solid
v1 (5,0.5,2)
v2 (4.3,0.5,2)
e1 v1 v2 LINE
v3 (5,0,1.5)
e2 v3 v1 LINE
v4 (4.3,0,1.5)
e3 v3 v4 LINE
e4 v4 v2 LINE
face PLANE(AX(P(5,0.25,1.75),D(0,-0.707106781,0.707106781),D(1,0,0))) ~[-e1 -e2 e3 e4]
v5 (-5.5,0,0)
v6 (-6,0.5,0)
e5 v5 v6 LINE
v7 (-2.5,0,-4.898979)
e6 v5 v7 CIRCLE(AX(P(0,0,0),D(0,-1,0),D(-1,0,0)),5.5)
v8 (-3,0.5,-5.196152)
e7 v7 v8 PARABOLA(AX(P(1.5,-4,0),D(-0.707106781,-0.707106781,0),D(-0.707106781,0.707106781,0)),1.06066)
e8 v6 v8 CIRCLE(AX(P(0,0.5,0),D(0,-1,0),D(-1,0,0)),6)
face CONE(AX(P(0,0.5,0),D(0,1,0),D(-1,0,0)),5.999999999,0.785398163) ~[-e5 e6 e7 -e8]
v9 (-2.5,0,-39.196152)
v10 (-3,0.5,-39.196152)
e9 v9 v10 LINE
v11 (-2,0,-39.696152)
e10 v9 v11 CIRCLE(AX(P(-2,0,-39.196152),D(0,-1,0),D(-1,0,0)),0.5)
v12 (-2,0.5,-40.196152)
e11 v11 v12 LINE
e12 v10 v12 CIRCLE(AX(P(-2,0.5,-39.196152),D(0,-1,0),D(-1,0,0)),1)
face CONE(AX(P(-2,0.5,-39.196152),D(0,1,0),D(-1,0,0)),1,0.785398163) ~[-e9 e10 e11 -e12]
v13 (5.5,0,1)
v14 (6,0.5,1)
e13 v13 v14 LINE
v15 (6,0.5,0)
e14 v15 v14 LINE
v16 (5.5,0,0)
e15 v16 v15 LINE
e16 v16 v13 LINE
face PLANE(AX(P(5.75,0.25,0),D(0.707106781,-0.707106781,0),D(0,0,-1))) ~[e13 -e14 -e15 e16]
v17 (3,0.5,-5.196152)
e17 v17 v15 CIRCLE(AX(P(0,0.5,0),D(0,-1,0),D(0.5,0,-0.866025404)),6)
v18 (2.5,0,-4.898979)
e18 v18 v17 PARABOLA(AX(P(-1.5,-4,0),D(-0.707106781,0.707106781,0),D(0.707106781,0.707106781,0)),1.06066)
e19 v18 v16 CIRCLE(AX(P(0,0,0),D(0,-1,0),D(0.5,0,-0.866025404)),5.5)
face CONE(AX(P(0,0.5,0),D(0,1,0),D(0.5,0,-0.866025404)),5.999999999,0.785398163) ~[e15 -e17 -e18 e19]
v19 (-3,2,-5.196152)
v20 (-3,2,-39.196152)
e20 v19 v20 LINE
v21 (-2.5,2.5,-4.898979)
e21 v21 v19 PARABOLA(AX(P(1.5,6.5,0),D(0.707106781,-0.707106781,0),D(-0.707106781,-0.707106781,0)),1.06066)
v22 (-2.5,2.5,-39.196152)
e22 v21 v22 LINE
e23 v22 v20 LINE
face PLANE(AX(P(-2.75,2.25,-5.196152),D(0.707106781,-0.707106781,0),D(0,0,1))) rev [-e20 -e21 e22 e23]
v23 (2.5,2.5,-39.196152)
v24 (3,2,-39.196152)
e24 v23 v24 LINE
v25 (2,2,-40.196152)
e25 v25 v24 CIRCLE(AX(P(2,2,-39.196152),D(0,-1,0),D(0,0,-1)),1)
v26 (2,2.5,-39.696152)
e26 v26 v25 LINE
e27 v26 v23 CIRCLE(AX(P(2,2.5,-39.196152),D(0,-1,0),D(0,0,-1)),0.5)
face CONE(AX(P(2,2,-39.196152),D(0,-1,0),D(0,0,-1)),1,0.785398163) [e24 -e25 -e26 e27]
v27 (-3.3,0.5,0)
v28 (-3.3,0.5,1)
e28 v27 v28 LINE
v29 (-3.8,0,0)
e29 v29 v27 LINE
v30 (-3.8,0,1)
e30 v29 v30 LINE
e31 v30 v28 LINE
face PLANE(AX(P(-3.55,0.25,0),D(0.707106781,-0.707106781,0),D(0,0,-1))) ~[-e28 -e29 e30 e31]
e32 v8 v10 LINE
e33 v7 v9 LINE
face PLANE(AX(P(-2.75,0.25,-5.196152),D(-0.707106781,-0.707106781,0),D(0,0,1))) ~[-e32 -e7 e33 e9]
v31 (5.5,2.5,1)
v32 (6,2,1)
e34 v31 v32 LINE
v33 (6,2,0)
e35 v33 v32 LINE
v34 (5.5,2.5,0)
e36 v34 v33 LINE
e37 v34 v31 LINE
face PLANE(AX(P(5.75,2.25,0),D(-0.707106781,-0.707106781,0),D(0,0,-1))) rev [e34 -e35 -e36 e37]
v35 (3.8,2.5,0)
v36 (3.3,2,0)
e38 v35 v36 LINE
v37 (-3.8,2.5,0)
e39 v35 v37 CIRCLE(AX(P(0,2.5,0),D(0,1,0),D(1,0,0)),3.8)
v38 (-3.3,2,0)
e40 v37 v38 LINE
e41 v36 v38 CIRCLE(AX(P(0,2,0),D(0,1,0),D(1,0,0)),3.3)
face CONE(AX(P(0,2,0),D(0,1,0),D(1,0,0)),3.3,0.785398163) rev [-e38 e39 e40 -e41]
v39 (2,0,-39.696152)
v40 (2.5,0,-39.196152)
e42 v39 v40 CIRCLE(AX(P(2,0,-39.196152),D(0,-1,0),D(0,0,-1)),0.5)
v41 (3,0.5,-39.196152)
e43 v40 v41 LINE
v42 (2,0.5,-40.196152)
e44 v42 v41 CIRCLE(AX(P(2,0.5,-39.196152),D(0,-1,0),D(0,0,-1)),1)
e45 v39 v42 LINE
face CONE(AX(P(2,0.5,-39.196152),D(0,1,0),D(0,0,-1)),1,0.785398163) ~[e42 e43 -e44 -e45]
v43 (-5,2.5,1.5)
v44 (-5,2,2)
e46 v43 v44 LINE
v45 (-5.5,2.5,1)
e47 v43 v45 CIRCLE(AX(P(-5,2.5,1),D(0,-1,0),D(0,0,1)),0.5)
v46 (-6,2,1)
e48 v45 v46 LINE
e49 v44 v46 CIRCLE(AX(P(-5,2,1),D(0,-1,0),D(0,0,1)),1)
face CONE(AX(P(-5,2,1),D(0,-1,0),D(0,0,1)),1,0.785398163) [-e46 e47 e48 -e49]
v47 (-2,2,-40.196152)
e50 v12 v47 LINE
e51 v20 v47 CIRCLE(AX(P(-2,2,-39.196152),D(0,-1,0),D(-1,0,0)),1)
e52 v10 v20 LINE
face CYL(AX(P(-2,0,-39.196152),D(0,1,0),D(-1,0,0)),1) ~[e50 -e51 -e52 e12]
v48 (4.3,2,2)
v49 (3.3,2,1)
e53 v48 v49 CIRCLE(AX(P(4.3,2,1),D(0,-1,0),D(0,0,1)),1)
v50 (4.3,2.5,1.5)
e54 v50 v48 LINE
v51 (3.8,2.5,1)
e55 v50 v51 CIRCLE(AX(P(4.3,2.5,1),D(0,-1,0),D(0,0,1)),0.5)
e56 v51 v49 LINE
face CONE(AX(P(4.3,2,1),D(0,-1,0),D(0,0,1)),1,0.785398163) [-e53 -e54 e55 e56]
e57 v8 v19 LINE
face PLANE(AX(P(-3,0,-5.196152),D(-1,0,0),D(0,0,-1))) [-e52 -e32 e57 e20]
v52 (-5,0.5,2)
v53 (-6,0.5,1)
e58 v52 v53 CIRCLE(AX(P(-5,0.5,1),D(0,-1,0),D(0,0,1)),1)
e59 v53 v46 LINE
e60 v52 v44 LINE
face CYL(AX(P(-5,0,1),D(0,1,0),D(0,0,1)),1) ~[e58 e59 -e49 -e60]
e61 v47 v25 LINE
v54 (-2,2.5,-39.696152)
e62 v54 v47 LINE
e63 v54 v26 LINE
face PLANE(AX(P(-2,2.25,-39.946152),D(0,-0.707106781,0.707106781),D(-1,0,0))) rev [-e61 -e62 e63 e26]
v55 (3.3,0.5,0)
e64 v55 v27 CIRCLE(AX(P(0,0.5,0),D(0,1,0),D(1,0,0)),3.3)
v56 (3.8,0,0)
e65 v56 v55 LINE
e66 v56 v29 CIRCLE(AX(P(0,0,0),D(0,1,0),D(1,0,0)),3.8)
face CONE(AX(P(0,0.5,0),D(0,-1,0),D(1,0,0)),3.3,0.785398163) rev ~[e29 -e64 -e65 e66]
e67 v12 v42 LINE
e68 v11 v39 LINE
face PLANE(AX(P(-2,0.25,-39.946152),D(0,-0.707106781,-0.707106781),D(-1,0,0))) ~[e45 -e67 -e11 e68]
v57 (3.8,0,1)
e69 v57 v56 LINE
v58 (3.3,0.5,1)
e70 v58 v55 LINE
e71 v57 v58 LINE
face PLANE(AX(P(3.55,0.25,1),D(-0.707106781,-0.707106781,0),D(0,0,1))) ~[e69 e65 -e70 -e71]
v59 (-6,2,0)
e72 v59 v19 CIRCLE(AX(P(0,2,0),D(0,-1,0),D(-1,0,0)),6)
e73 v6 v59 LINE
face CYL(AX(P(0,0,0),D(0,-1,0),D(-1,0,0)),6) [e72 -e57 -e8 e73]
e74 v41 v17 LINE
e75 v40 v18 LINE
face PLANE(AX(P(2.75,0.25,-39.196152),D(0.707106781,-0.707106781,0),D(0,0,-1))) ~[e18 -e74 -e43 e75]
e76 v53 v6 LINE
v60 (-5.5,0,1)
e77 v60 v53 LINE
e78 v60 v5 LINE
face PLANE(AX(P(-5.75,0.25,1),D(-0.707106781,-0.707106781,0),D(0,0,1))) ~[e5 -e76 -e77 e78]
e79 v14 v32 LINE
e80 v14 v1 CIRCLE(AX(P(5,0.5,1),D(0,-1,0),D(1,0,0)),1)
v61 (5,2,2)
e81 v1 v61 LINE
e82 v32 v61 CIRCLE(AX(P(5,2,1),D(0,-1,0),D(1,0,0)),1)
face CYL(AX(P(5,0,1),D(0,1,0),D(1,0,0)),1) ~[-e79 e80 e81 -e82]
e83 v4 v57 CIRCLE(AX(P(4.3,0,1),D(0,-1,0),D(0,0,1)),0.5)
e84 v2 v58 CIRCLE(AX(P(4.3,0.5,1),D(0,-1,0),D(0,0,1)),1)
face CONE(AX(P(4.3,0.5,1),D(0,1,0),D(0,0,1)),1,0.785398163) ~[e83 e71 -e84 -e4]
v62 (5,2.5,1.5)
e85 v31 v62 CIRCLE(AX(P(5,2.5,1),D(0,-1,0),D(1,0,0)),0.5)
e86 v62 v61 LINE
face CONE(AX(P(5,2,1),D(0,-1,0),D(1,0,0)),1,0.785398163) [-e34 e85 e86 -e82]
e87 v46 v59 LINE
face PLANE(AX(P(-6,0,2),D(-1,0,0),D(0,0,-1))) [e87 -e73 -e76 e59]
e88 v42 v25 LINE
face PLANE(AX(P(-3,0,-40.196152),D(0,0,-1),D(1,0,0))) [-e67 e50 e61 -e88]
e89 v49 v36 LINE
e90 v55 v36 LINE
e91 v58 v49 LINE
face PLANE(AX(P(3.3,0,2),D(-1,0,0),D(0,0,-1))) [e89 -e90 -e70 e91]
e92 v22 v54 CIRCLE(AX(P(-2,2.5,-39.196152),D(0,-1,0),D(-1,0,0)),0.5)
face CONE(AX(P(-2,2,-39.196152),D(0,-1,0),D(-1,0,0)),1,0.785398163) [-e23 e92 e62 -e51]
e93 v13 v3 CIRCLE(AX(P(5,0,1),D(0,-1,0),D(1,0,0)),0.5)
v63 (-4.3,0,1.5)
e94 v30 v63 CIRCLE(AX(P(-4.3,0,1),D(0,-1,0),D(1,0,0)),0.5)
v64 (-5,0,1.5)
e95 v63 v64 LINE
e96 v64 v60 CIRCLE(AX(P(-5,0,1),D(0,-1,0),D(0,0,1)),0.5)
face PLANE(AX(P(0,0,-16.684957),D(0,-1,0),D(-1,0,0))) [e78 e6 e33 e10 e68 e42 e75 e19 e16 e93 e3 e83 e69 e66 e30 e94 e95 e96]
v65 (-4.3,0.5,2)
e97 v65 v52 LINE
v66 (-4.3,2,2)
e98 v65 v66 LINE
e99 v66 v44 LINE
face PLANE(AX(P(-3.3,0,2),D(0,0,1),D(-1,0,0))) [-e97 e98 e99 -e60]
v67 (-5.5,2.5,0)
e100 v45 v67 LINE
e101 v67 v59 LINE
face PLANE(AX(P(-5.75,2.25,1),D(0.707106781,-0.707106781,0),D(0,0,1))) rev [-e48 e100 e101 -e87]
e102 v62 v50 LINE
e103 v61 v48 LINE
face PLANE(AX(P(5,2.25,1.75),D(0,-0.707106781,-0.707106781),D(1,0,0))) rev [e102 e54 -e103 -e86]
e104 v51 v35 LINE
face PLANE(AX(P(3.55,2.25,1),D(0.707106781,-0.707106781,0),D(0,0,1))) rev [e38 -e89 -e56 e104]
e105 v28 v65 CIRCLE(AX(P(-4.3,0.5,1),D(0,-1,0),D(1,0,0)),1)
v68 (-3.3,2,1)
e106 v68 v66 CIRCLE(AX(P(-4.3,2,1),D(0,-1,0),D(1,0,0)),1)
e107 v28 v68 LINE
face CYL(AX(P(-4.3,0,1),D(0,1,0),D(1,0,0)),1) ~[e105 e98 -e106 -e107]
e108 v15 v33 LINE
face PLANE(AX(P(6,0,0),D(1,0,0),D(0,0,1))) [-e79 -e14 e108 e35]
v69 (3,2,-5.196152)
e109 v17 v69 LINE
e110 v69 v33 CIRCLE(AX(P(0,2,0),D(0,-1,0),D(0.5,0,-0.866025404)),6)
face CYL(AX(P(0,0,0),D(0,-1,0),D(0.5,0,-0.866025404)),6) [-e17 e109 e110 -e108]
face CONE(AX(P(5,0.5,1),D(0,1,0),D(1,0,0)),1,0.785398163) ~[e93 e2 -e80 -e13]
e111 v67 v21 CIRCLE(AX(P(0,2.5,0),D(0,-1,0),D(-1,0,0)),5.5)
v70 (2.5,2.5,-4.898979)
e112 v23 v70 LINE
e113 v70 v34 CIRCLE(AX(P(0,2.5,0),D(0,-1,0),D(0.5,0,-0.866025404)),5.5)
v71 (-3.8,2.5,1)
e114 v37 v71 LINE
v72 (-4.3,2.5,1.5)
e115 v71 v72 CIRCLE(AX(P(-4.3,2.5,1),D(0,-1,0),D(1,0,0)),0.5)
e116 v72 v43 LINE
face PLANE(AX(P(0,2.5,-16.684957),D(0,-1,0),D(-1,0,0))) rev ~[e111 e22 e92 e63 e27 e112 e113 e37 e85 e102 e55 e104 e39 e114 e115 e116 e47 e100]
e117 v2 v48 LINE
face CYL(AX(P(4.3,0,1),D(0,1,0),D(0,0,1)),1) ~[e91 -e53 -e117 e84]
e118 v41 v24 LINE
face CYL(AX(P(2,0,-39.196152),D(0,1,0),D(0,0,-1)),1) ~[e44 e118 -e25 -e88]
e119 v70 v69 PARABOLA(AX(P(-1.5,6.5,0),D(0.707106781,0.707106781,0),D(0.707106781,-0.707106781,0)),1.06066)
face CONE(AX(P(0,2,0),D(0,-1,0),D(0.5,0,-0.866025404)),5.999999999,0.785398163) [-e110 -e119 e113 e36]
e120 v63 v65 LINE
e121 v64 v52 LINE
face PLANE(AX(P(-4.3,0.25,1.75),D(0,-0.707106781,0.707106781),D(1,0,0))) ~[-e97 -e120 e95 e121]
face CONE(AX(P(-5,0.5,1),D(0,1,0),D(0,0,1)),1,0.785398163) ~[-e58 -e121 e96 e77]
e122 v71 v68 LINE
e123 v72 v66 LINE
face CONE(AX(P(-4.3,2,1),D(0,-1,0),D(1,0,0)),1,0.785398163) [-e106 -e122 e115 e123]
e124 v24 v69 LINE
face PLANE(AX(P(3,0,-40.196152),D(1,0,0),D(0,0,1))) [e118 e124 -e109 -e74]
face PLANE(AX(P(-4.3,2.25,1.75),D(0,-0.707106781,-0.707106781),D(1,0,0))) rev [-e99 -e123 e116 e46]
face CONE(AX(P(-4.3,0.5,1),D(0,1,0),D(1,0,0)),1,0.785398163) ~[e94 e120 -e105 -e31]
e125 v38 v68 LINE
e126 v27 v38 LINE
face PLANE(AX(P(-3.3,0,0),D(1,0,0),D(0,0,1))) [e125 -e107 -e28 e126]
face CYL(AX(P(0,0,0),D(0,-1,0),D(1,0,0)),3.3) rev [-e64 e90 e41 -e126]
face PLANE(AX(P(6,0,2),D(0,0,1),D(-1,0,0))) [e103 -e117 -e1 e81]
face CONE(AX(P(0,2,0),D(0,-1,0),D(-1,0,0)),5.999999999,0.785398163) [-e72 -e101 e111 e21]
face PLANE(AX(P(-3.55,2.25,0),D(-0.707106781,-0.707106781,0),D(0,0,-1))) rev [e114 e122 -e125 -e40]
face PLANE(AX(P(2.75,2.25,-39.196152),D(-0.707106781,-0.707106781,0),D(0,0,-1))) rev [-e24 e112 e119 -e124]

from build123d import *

# Parameters (mm, degrees)
BOSS_EXTRUDE1_DEPTH = 2.5
FILLET1_R           = 1
CHAMFER1_SIZE       = 0.5


with BuildPart() as part:
    # Sketch1 → Boss-Extrude1 (new body)
    with BuildSketch(Plane(origin=(0, 0, 0), x_dir=(1, 0, 0), z_dir=(0, 1, 0))):
        with BuildLine():
            Line((-3.3, 0), (-3.3, -2))
            Line((-3.3, -2), (-6, -2))
            Line((-6, -2), (-6, 0))
            ThreePointArc((-6, 0), (-5.196152423, 3), (-3, 5.196152423))
            Line((-3, 5.196152423), (-3, 40.196152423))
            Line((-3, 40.196152423), (3, 40.196152423))
            Line((3, 40.196152423), (3, 5.196152423))
            ThreePointArc((3, 5.196152423), (5.196152423, 3), (6, 0))
            Line((6, 0), (6, -2))
            Line((6, -2), (3.3, -2))
            Line((3.3, -2), (3.3, 0))
            ThreePointArc((3.3, 0), (0, 3.3), (-3.3, 0))
        make_face()
    extrude(amount=BOSS_EXTRUDE1_DEPTH)

    # Fillet1
    fillet1_edges = [part.edges().sort_by_distance(p)[0] for p in [
        (-3.3, 1.25, 2),
        (-6, 1.25, 2),
        (-3, 1.25, -40.196152423),
        (3, 1.25, -40.196152423),
        (6, 1.25, 2),
        (3.3, 1.25, 2),
    ]]
    fillet(fillet1_edges, radius=FILLET1_R)

    # Chamfer1
    chamfer1_edges = [part.edges().sort_by_distance(p)[0] for p in [
        (-6, 0, 0.5),
        (-5.196152423, 0, -3),
        (3, 0, -22.196152423),
        (5.196152423, 0, -3),
        (3.3, 0, 0.5),
        (0, 0, -3.3),
        (5.196152423, 2.5, -3),
        (3, 2.5, -22.196152423),
        (-3, 0, -22.196152423),
        (-3, 2.5, -22.196152423),
        (-5.196152423, 2.5, -3),
        (-3.3, 0, 0.5),
        (-4.65, 0, 2),
        (0, 0, -40.196152423),
        (6, 0, 0.5),
        (4.65, 0, 2),
        (-6, 2.5, 0.5),
        (-5.707106781, 0, 1.707106781),
        (-3.592893219, 0, 1.707106781),
        (3.592893219, 0, 1.707106781),
        (5.707106781, 0, 1.707106781),
        (2.707106781, 0, -39.903259204),
        (-2.707106781, 0, -39.903259204),
        (0, 2.5, -40.196152423),
        (4.65, 2.5, 2),
        (6, 2.5, 0.5),
        (-4.65, 2.5, 2),
        (-3.3, 2.5, 0.5),
        (-5.707106781, 2.5, 1.707106781),
        (-3.592893219, 2.5, 1.707106781),
        (0, 2.5, -3.3),
        (3.592893219, 2.5, 1.707106781),
        (5.707106781, 2.5, 1.707106781),
        (2.707106781, 2.5, -39.903259204),
        (-2.707106781, 2.5, -39.903259204),
        (3.3, 2.5, 0.5),
    ]]
    chamfer(chamfer1_edges, length=CHAMFER1_SIZE)


solid = part.part
